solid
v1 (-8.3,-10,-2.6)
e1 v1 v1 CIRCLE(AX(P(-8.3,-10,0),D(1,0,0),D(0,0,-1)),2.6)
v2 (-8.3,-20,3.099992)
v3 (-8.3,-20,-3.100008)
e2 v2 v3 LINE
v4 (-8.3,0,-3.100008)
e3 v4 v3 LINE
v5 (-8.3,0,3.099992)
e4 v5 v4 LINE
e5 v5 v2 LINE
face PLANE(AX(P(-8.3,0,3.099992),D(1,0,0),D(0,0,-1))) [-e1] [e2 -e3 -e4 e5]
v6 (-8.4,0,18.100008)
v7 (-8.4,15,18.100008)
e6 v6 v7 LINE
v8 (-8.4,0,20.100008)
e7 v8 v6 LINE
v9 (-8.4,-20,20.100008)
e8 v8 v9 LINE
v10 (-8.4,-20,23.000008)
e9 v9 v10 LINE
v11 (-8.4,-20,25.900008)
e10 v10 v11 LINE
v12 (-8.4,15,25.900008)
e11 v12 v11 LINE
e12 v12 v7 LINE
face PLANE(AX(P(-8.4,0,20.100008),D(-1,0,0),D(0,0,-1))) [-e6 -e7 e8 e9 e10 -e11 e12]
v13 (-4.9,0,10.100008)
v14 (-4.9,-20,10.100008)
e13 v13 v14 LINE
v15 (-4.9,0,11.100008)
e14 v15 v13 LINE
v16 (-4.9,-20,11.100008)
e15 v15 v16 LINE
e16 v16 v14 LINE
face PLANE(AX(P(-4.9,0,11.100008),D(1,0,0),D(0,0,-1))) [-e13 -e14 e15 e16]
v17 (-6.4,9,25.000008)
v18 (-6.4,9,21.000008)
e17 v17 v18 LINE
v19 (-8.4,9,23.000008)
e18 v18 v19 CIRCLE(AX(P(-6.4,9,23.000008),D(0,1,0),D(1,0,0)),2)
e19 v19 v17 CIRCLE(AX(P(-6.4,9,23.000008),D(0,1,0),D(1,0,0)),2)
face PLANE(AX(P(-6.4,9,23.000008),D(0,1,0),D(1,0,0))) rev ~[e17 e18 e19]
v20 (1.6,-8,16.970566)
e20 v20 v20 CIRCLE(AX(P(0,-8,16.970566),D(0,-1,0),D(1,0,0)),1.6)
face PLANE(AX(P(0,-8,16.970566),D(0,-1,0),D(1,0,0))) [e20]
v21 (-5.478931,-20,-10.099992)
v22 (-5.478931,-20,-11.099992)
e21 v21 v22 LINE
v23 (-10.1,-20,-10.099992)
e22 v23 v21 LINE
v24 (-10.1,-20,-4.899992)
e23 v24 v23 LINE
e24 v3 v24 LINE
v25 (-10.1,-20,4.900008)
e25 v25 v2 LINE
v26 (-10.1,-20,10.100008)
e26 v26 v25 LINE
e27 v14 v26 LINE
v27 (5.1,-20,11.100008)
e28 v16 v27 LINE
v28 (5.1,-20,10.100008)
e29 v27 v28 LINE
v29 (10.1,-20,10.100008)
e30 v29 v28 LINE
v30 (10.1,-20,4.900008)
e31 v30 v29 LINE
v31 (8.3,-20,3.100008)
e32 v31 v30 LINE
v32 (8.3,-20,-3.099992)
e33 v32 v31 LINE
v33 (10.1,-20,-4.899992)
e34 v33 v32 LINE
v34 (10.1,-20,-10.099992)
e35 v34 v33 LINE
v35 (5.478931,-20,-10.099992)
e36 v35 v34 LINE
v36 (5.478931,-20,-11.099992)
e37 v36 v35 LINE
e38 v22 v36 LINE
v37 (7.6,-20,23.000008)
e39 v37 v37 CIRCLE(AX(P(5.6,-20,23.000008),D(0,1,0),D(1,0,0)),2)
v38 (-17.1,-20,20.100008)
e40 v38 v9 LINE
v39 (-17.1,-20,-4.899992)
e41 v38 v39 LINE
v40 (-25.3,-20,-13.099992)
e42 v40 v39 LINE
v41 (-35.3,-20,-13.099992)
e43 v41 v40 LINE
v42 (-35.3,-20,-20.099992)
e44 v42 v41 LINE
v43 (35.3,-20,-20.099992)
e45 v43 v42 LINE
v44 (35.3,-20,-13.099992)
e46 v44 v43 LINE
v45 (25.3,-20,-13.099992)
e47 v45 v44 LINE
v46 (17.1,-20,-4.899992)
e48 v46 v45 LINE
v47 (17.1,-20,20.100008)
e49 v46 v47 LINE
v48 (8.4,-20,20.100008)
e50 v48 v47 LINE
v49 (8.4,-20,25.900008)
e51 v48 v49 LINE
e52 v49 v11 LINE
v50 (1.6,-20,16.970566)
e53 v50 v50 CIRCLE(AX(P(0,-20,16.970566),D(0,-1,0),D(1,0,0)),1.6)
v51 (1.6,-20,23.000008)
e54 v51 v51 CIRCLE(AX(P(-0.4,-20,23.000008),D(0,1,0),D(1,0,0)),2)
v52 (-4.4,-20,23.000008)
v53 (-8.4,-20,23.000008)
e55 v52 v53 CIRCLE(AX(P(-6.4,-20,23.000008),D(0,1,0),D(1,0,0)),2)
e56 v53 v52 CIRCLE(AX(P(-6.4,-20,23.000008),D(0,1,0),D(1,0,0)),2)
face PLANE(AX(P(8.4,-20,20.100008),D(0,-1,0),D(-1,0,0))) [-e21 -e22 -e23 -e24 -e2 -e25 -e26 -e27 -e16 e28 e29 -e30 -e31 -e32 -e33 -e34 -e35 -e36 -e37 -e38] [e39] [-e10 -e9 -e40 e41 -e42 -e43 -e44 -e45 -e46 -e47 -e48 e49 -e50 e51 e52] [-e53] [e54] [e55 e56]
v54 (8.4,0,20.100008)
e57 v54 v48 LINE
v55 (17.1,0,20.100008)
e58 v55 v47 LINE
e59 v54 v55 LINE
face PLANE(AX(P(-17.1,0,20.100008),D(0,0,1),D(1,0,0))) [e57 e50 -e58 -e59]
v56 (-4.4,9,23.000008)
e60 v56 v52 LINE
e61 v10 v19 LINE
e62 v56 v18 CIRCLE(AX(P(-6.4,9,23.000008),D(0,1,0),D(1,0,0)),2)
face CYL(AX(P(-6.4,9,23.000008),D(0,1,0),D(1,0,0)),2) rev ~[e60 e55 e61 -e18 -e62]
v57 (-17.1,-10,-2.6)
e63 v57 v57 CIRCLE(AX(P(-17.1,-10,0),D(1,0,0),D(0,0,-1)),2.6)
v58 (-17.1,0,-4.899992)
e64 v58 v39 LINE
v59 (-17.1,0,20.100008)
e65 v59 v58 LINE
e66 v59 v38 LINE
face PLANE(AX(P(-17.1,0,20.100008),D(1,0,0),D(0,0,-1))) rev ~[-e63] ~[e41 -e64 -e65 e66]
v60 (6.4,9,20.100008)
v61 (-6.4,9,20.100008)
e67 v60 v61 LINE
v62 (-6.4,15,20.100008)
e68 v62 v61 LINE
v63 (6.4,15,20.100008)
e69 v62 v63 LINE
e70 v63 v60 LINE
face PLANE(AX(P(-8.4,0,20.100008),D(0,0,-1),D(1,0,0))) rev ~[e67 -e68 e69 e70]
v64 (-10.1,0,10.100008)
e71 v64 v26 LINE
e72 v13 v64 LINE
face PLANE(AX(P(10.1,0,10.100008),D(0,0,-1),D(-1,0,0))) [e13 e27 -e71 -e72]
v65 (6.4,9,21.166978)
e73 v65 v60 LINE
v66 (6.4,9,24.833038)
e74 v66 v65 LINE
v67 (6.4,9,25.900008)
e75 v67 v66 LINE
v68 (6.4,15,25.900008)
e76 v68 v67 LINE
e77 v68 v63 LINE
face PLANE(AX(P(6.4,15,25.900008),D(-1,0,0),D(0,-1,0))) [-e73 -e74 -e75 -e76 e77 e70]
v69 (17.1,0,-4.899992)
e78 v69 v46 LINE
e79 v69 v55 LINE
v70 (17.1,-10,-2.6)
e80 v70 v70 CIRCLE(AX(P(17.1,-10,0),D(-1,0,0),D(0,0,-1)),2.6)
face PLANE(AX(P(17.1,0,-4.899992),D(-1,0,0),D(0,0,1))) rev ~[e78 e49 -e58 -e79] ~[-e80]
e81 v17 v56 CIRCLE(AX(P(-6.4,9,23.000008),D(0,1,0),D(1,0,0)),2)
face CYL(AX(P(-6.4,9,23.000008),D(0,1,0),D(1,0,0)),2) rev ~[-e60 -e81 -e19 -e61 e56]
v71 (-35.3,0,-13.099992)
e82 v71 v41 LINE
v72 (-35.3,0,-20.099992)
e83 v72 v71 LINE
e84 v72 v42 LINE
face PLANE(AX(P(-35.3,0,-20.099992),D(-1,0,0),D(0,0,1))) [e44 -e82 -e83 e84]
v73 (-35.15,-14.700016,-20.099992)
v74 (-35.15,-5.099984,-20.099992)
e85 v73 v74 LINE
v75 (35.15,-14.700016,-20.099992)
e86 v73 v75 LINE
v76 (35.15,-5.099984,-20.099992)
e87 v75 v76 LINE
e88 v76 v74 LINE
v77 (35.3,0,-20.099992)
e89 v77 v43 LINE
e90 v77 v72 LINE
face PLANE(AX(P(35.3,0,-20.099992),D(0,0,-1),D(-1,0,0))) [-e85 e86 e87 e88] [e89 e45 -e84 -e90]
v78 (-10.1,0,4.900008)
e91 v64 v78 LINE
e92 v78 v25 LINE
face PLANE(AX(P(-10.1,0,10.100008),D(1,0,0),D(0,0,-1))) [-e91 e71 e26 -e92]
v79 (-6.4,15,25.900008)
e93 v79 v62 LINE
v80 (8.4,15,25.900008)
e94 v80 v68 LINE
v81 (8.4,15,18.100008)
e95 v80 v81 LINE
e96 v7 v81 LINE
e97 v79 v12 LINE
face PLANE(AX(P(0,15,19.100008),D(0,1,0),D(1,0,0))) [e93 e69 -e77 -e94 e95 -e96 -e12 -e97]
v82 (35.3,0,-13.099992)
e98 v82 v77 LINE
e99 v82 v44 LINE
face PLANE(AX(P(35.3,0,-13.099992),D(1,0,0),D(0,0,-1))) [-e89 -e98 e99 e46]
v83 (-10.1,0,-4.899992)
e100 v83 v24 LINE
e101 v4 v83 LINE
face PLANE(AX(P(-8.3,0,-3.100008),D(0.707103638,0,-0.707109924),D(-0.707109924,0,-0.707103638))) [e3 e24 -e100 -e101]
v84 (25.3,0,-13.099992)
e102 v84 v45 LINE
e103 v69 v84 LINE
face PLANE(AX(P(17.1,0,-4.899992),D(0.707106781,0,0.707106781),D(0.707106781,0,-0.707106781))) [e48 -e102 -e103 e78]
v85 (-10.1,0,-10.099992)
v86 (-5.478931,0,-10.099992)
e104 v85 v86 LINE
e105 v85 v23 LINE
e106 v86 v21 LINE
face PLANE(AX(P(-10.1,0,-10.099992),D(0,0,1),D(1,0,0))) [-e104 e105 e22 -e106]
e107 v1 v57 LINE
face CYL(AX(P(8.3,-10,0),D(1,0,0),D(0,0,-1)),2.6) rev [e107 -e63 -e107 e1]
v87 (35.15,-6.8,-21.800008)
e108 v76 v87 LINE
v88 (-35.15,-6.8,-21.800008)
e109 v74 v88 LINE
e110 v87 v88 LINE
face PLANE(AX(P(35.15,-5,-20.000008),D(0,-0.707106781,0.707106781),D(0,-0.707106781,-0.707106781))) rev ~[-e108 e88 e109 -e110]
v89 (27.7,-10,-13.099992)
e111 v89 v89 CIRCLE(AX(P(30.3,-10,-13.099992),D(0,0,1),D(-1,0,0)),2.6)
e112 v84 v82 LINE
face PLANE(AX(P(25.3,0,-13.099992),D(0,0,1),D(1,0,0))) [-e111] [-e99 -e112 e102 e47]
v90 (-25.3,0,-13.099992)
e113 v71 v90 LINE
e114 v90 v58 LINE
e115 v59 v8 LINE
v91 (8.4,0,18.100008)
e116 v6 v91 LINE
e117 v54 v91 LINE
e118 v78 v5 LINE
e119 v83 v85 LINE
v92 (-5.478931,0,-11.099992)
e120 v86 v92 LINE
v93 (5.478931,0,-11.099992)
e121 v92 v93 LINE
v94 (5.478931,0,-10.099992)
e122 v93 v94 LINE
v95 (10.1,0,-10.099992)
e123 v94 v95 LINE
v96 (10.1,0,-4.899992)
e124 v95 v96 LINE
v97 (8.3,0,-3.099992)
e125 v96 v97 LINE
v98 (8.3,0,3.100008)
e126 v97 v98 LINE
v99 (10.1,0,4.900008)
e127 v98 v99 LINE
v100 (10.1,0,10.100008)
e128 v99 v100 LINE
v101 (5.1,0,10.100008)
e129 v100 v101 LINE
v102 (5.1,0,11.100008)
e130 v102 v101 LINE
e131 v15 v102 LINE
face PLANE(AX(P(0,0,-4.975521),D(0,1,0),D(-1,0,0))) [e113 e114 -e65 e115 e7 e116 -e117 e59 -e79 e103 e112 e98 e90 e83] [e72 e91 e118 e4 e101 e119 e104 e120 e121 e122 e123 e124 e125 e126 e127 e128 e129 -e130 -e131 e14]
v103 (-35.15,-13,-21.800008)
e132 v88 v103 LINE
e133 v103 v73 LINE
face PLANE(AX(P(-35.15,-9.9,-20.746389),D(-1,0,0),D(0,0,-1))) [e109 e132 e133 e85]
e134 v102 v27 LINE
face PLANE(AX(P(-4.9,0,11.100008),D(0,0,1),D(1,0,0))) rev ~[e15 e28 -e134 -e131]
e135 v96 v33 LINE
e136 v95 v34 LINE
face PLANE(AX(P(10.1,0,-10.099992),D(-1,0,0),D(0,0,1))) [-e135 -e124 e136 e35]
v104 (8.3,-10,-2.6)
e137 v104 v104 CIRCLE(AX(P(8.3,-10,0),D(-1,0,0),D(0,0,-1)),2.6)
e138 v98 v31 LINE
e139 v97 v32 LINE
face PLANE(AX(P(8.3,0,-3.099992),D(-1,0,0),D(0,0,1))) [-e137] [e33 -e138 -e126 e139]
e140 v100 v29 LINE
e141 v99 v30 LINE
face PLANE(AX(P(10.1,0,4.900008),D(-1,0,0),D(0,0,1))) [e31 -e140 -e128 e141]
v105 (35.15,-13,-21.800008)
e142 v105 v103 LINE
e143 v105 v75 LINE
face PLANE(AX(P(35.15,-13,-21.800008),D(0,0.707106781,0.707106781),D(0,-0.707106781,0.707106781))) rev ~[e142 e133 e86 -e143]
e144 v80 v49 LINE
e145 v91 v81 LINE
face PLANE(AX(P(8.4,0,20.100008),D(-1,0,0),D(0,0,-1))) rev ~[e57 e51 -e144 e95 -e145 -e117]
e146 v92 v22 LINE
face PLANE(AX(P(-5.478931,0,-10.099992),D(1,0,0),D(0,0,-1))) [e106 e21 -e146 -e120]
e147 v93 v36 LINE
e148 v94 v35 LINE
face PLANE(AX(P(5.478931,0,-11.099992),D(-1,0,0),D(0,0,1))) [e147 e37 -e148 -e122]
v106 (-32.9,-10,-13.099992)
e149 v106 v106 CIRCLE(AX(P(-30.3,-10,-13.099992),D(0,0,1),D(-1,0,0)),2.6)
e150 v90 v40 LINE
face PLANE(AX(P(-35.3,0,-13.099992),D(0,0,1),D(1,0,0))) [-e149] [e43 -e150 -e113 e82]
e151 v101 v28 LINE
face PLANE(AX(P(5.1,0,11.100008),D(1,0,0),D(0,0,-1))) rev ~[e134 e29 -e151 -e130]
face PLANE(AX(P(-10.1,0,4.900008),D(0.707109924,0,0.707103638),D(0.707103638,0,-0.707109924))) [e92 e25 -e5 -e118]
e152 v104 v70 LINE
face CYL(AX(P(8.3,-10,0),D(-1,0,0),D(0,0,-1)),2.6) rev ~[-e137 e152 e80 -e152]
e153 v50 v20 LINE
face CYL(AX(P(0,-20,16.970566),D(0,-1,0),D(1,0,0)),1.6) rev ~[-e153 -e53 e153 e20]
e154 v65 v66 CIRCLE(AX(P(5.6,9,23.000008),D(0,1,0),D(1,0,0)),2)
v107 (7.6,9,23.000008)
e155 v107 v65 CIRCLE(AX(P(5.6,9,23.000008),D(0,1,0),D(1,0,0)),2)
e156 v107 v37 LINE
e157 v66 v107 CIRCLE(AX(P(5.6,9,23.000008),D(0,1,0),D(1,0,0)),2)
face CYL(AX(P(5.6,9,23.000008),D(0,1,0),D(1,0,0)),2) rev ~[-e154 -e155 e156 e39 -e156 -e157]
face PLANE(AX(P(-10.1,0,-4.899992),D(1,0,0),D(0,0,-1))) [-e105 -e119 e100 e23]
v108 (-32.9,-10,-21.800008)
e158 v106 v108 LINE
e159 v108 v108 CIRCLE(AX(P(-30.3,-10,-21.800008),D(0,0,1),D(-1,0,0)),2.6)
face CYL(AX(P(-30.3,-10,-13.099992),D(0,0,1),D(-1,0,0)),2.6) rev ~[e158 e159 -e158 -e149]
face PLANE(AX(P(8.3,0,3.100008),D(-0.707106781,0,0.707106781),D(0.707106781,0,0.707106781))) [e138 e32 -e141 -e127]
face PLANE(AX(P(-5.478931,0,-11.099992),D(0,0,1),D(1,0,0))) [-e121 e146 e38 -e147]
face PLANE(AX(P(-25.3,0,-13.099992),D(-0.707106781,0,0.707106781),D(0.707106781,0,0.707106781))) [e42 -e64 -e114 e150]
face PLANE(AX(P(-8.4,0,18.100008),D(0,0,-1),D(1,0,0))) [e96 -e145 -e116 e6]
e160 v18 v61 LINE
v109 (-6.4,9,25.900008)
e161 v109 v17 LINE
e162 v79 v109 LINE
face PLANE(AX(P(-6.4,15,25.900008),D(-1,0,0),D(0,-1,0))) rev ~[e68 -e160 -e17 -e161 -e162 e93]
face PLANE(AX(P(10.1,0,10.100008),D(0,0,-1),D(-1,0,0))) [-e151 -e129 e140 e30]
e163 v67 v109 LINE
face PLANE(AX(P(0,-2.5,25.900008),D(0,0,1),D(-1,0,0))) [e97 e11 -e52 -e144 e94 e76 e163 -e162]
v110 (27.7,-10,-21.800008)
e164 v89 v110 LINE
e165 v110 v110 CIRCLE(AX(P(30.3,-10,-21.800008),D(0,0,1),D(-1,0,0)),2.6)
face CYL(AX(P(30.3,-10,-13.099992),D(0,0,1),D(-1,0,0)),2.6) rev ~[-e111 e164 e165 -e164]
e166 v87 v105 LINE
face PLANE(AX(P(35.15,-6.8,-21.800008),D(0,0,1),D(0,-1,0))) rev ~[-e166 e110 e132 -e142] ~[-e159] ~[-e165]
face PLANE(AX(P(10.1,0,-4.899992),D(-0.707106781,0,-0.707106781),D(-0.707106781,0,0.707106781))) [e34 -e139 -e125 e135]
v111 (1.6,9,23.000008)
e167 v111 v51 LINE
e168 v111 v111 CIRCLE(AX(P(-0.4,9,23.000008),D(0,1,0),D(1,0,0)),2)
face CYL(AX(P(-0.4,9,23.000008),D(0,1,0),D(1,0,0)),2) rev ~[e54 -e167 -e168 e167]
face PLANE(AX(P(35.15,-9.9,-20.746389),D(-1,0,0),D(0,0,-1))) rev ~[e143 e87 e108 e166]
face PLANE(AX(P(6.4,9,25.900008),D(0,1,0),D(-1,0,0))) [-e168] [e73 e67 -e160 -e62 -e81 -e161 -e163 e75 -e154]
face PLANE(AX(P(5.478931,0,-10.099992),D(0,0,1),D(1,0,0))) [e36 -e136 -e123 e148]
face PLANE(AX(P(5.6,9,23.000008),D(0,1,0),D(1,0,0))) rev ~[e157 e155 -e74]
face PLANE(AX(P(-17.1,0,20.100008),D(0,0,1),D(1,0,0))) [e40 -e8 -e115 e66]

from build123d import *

# Parameters (mm, degrees)
PAD_DEPTH           = 20
SKETCH001_R         = 2.6
POCKET_DEPTH        = 100
POCKET001_DEPTH     = 40
PAD001_DEPTH        = 70.3
SKETCH004_R         = 2.6
POCKET002_DEPTH     = 10
SKETCH005_R         = 2.6
POCKET003_DEPTH     = 10
SKETCH006_W         = 10
SKETCH006_H         = 1
POCKET004_DEPTH     = 25
SKETCH007_W         = 16.8
SKETCH007_H         = 35
PAD002_DEPTH        = 5.8
SKETCH008_W         = 12.8
SKETCH008_H         = 6
POCKET005_DEPTH     = 5.8
SKETCH009_W         = 16.8
SKETCH009_H         = 2
PAD003_DEPTH        = 15
SKETCH010_R         = 2
POCKET006_DEPTH     = 40
LINEARPATTERN_COUNT = 3
LINEARPATTERN_PITCH = 6
SKETCH011_R         = 1.6
POCKET007_DEPTH     = 12


with BuildPart() as part:
    # Sketch → Pad (new body)
    with BuildSketch(Plane.XZ):
        Polygon((17.1, 10.100008), (17.1, -4.899992), (25.3, -13.099992), (35.3, -13.099992), (35.3, -20.099992), (-35.3, -20.099992), (-35.3, -13.099992), (-25.3, -13.099992), (-17.1, -4.899992), (-17.1, 10.100008), (-17.1, 20.100008), (17.1, 20.100008), align=None)
        Polygon((-10.1, 10.100008), (-10.1, 4.900008), (-8.3, 3.099992), (-8.3, -3.100008), (-10.1, -4.899992), (-10.1, -10.099992), (-5.478931, -10.099992), (-5.478931, -11.099992), (5.478931, -11.099992), (5.478931, -10.099992), (10.1, -10.099992), (10.1, -4.899992), (8.3, -3.099992), (8.3, 3.100008), (10.1, 4.900008), (10.1, 10.100008), align=None, mode=Mode.SUBTRACT)
    extrude(amount=PAD_DEPTH)

    # Sketch001 (on Face22 of Pad) → Pocket (cut)
    with BuildSketch(Plane(origin=(8.3, 0, 0), x_dir=(0, 0, -1), z_dir=(-1, 0, 0))):
        with Locations((0, 10)):
            Circle(SKETCH001_R)
    extrude(amount=-POCKET_DEPTH, mode=Mode.SUBTRACT)

    # Sketch001 (on Face22 of Pad) → Pocket001 (cut)
    with BuildSketch(Plane(origin=(8.3, 0, 0), x_dir=(0, 0, -1), z_dir=(-1, 0, 0))):
        with Locations((0, 10)):
            Circle(SKETCH001_R)
    extrude(amount=POCKET001_DEPTH, mode=Mode.SUBTRACT)

    # Sketch003 → Pad001 (join)
    with BuildSketch(Plane(origin=(35.15, 0, 0), x_dir=(0, 0, 1), z_dir=(1, 0, 0))):
        Polygon((-20.000008, 14.8), (-20.000008, 5), (-21.800008, 6.8), (-21.800008, 13), align=None)
    extrude(amount=-PAD001_DEPTH)

    # Sketch004 (on Face3 of Pad001) → Pocket002 (cut)
    with BuildSketch(Plane(origin=(0, 0, -13.099992), x_dir=(-1, 0, 0), z_dir=(0, 0, 1))):
        with Locations((-30.3, 10)):
            Circle(SKETCH004_R)
    extrude(amount=-POCKET002_DEPTH, mode=Mode.SUBTRACT)

    # Sketch005 (on Face12 of Pocket002) → Pocket003 (cut)
    with BuildSketch(Plane(origin=(0, 0, -13.099992), x_dir=(-1, 0, 0), z_dir=(0, 0, 1))):
        with Locations((30.3, 10)):
            Circle(SKETCH005_R)
    extrude(amount=-POCKET003_DEPTH, mode=Mode.SUBTRACT)

    # Sketch006 (on Face4 of Pocket003) → Pocket004 (cut)
    with BuildSketch(Plane(origin=(0, 0, 0), x_dir=(1, 0, 0), z_dir=(0, 1, 0))):
        with Locations((0.1, -10.600008)):
            Rectangle(SKETCH006_W, SKETCH006_H)
    extrude(amount=-POCKET004_DEPTH, mode=Mode.SUBTRACT)

    # Sketch007 (on Face6 of Pocket004) → Pad002 (join)
    with BuildSketch(Plane(origin=(0, 0, 20.100008), x_dir=(-1, 0, 0), z_dir=(0, 0, 1))):
        with Locations((0, 2.5)):
            Rectangle(SKETCH007_W, SKETCH007_H)
    extrude(amount=PAD002_DEPTH)

    # Sketch008 (on Face46 of Pad002) → Pocket005 (cut)
    with BuildSketch(Plane(origin=(0, 0, 25.900008), x_dir=(-1, 0, 0), z_dir=(0, 0, 1))):
        with Locations((0, -12)):
            Rectangle(SKETCH008_W, SKETCH008_H)
    extrude(amount=-POCKET005_DEPTH, mode=Mode.SUBTRACT)

    # Sketch009 (on Face4 of Pocket005) → Pad003 (join)
    with BuildSketch(Plane(origin=(0, 0, 0), x_dir=(1, 0, 0), z_dir=(0, 1, 0))):
        with Locations((0, -19.100008)):
            Rectangle(SKETCH009_W, SKETCH009_H)
    extrude(amount=PAD003_DEPTH)

    # Sketch010 (on Face46 of Pad003) → Pocket006 (cut)
    with BuildSketch(Plane(origin=(0, 9, 0), x_dir=(1, 0, 0), z_dir=(0, 1, 0))):
        with Locations((-6.4, -23.000008)):
            Circle(SKETCH010_R)
    pocket006 = extrude(amount=-POCKET006_DEPTH, mode=Mode.SUBTRACT)

    # LinearPattern: Pocket006 ×3
    with Locations(*[(i * LINEARPATTERN_PITCH, 0, 0) for i in range(1, LINEARPATTERN_COUNT)]):
        add(pocket006, mode=Mode.SUBTRACT)

    # Sketch011 (on Face5 of LinearPattern) → Pocket007 (cut)
    with BuildSketch(Plane.XZ.offset(20)):
        with Locations((0, 16.970566)):
            Circle(SKETCH011_R)
    extrude(amount=-POCKET007_DEPTH, mode=Mode.SUBTRACT)


solid = part.part
